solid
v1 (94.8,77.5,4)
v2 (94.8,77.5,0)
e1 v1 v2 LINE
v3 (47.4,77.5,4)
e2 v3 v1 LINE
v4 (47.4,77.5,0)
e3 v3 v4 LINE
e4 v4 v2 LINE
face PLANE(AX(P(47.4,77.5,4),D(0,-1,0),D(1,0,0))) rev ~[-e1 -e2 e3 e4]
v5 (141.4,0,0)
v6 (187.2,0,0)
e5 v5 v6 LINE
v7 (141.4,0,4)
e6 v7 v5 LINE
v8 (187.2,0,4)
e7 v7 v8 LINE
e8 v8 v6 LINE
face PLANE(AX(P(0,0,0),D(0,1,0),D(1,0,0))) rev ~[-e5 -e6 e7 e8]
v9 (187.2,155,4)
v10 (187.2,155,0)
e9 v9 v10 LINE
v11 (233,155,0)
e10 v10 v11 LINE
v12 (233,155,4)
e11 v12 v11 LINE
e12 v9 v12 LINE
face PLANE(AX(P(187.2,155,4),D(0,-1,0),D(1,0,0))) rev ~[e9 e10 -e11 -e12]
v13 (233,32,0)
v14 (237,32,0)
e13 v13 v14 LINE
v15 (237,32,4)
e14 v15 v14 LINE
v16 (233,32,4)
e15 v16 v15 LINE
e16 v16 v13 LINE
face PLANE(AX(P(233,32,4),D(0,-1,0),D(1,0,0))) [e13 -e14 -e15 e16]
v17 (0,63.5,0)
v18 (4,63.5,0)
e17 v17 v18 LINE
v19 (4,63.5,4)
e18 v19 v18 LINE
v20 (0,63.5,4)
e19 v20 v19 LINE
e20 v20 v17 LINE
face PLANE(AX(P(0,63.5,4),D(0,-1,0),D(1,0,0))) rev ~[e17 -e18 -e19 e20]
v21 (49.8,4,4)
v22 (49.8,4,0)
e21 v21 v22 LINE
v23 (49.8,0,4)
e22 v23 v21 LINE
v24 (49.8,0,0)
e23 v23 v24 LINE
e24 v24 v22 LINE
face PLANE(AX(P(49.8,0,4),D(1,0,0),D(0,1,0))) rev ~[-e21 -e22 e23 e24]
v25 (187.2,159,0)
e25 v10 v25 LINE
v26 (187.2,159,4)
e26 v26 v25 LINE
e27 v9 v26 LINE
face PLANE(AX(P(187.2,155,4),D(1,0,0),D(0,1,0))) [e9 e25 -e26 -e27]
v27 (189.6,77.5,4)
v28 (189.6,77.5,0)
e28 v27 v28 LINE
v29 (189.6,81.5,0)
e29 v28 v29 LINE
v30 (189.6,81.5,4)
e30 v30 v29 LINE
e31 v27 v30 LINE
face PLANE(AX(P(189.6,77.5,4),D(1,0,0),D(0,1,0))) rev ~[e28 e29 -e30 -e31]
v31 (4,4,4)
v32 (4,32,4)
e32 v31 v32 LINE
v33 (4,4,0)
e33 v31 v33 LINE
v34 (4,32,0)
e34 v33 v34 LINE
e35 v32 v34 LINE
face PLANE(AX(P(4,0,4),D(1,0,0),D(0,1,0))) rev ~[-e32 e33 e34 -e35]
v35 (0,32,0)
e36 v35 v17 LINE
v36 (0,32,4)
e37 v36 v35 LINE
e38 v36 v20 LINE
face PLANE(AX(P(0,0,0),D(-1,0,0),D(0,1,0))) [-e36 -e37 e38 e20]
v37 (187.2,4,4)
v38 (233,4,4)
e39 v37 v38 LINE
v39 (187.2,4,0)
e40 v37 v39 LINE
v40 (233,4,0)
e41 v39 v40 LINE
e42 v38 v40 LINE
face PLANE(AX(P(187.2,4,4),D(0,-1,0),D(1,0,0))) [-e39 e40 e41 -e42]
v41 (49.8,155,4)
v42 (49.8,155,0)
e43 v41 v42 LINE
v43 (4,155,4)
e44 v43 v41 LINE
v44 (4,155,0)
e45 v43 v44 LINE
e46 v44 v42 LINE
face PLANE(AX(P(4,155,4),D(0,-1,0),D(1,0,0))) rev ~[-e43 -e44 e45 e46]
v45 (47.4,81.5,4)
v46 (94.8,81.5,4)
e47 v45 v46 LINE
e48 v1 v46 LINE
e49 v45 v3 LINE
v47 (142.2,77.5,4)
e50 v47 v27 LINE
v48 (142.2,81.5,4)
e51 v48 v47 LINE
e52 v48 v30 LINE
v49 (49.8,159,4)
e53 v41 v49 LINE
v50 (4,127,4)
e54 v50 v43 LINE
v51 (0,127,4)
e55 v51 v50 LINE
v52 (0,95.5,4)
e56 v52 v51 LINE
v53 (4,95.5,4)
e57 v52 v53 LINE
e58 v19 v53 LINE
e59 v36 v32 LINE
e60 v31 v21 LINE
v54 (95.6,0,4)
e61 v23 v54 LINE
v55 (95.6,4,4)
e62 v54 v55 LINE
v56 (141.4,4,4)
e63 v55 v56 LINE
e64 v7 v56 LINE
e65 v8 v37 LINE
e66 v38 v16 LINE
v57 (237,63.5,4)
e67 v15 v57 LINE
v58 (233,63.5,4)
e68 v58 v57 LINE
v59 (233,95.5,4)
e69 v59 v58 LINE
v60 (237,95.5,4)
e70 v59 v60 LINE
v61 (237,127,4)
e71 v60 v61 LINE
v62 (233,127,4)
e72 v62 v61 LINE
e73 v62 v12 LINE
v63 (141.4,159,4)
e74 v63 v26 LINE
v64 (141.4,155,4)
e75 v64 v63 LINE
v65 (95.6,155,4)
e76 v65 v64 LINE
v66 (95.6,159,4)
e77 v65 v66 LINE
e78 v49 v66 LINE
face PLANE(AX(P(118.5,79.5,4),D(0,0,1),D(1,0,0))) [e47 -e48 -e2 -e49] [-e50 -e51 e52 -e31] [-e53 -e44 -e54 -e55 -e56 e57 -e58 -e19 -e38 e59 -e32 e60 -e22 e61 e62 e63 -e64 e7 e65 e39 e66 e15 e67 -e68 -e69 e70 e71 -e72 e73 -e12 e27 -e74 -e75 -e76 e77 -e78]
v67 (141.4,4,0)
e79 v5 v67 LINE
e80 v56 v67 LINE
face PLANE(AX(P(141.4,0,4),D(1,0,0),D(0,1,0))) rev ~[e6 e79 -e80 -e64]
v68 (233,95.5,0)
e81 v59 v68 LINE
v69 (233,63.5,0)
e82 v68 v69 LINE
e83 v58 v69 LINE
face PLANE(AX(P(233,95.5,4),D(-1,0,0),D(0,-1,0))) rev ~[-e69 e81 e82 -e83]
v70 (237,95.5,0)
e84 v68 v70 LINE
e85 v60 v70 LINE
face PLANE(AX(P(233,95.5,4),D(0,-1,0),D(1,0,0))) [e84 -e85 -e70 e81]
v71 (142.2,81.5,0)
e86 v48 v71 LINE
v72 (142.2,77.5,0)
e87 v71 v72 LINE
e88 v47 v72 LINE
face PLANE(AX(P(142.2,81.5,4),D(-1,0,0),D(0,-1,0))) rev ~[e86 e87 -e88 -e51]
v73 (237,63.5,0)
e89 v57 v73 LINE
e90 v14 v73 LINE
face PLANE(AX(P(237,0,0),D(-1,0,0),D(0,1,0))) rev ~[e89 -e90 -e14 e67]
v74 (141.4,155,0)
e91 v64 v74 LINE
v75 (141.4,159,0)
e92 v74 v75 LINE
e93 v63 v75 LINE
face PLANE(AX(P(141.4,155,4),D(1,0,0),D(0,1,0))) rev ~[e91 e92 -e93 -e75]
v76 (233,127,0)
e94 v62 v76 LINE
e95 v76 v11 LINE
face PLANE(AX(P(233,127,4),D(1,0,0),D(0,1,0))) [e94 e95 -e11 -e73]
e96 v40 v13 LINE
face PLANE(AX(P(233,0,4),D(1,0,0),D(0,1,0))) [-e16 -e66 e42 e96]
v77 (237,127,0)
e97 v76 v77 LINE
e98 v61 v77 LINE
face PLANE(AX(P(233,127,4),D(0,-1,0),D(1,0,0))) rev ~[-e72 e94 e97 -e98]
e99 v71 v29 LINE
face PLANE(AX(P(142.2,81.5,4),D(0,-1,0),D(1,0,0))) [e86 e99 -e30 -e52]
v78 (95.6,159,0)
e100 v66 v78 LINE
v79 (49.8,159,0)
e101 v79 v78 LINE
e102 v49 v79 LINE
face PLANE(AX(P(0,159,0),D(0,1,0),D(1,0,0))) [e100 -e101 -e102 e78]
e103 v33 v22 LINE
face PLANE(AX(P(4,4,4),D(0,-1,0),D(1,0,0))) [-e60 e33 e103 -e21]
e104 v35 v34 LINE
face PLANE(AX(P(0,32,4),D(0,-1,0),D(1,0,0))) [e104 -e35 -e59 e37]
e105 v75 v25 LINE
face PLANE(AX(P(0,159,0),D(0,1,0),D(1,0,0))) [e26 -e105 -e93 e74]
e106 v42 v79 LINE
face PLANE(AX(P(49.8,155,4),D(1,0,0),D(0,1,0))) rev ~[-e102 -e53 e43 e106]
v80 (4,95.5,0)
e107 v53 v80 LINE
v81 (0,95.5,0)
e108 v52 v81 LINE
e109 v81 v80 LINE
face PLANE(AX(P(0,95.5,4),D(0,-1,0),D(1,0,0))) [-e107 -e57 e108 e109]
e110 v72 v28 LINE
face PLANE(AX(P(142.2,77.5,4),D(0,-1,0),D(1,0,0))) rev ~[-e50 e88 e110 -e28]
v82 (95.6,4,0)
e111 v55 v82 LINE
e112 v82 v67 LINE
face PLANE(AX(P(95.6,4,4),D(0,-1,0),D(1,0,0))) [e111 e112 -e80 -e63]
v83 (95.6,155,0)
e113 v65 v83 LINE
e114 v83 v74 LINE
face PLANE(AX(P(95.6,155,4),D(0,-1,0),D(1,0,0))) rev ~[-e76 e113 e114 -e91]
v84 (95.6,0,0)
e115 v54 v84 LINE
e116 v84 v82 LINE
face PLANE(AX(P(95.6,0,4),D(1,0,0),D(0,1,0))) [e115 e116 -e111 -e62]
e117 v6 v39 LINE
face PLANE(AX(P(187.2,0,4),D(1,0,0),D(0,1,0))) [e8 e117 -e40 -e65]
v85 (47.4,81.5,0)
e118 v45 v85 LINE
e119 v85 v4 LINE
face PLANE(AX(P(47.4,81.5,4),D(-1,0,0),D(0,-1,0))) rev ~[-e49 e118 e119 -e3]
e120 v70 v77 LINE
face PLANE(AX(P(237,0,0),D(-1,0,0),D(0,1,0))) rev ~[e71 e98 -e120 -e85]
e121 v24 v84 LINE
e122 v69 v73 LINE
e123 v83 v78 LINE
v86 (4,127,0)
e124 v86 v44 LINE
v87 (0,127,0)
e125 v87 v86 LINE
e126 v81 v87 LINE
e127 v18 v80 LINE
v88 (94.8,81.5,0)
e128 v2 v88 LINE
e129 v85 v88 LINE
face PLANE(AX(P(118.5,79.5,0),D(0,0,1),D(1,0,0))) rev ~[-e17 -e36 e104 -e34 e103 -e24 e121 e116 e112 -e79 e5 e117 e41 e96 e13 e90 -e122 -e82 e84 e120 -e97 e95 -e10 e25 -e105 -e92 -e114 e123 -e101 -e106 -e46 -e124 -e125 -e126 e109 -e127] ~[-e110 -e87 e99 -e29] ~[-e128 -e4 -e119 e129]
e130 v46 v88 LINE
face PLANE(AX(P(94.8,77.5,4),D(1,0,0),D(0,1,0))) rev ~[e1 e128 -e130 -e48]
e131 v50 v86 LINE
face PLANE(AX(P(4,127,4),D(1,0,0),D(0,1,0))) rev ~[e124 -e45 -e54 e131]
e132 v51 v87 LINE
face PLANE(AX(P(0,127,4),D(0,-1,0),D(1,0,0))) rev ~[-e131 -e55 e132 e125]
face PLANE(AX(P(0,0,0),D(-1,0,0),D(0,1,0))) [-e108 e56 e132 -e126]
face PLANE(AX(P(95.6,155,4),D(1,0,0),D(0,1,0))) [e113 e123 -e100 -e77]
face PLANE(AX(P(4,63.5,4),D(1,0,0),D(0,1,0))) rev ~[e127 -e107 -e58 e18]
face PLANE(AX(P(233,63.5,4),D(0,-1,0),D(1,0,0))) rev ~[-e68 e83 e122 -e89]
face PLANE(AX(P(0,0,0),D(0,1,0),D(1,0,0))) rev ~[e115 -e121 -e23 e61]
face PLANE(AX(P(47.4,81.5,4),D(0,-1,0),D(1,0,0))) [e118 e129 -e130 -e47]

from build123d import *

# Parameters (mm, degrees)
F0_W     = 237
F0_H     = 159
F1_DEPTH = 4
F2_W     = 4
F2_H     = 32
F2_H_2   = 16
F3_DEPTH = 4
F4_W     = 45.8
F4_H     = 4
F5_DEPTH = 4
F6_W     = 47.4
F6_H     = 2
F7_DEPTH = 4


with BuildPart() as f1:
    # F0 (on Top) → F1 (new body)
    with BuildSketch(Plane.XY):
        with Locations((118.5, 79.5)):
            Rectangle(F0_W, F0_H)
    extrude(amount=F1_DEPTH)

    # F2 (on face) → F3 (cut, through all)
    with BuildSketch(Plane.XY.offset(4)):
        with Locations((2, 16)):
            Rectangle(F2_W, F2_H)
        with Locations((2, 71.5)):
            Rectangle(F2_W, F2_H_2)
        with Locations((2, 87.5)):
            Rectangle(F2_W, F2_H_2)
        with Locations((235, 71.5)):
            Rectangle(F2_W, F2_H_2)
        with Locations((235, 87.5)):
            Rectangle(F2_W, F2_H_2)
        with Locations((235, 16)):
            Rectangle(F2_W, F2_H)
        with Locations((235, 143)):
            Rectangle(F2_W, F2_H)
        with Locations((2, 143)):
            Rectangle(F2_W, F2_H)
    extrude(amount=-F3_DEPTH, mode=Mode.SUBTRACT)

    # F4 (on face) → F5 (cut, through all)
    with BuildSketch(Plane.XY.offset(4)):
        with Locations((26.9, 2)):
            Rectangle(F4_W, F4_H)
        with Locations((118.5, 2)):
            Rectangle(F4_W, F4_H)
        with Locations((210.1, 2)):
            Rectangle(F4_W, F4_H)
        with Locations((210.1, 157)):
            Rectangle(F4_W, F4_H)
        with Locations((26.9, 157)):
            Rectangle(F4_W, F4_H)
        with Locations((118.5, 157)):
            Rectangle(F4_W, F4_H)
    extrude(amount=-F5_DEPTH, mode=Mode.SUBTRACT)

    # F6 (on face) → F7 (cut, through all)
    with BuildSketch(Plane.XY.offset(4)):
        with Locations((71.1, 80.5)):
            Rectangle(F6_W, F6_H)
        with Locations((71.1, 78.5)):
            Rectangle(F6_W, F6_H)
        with Locations((165.9, 80.5)):
            Rectangle(F6_W, F6_H)
        with Locations((165.9, 78.5)):
            Rectangle(F6_W, F6_H)
    extrude(amount=-F7_DEPTH, mode=Mode.SUBTRACT)


solid = f1.part
